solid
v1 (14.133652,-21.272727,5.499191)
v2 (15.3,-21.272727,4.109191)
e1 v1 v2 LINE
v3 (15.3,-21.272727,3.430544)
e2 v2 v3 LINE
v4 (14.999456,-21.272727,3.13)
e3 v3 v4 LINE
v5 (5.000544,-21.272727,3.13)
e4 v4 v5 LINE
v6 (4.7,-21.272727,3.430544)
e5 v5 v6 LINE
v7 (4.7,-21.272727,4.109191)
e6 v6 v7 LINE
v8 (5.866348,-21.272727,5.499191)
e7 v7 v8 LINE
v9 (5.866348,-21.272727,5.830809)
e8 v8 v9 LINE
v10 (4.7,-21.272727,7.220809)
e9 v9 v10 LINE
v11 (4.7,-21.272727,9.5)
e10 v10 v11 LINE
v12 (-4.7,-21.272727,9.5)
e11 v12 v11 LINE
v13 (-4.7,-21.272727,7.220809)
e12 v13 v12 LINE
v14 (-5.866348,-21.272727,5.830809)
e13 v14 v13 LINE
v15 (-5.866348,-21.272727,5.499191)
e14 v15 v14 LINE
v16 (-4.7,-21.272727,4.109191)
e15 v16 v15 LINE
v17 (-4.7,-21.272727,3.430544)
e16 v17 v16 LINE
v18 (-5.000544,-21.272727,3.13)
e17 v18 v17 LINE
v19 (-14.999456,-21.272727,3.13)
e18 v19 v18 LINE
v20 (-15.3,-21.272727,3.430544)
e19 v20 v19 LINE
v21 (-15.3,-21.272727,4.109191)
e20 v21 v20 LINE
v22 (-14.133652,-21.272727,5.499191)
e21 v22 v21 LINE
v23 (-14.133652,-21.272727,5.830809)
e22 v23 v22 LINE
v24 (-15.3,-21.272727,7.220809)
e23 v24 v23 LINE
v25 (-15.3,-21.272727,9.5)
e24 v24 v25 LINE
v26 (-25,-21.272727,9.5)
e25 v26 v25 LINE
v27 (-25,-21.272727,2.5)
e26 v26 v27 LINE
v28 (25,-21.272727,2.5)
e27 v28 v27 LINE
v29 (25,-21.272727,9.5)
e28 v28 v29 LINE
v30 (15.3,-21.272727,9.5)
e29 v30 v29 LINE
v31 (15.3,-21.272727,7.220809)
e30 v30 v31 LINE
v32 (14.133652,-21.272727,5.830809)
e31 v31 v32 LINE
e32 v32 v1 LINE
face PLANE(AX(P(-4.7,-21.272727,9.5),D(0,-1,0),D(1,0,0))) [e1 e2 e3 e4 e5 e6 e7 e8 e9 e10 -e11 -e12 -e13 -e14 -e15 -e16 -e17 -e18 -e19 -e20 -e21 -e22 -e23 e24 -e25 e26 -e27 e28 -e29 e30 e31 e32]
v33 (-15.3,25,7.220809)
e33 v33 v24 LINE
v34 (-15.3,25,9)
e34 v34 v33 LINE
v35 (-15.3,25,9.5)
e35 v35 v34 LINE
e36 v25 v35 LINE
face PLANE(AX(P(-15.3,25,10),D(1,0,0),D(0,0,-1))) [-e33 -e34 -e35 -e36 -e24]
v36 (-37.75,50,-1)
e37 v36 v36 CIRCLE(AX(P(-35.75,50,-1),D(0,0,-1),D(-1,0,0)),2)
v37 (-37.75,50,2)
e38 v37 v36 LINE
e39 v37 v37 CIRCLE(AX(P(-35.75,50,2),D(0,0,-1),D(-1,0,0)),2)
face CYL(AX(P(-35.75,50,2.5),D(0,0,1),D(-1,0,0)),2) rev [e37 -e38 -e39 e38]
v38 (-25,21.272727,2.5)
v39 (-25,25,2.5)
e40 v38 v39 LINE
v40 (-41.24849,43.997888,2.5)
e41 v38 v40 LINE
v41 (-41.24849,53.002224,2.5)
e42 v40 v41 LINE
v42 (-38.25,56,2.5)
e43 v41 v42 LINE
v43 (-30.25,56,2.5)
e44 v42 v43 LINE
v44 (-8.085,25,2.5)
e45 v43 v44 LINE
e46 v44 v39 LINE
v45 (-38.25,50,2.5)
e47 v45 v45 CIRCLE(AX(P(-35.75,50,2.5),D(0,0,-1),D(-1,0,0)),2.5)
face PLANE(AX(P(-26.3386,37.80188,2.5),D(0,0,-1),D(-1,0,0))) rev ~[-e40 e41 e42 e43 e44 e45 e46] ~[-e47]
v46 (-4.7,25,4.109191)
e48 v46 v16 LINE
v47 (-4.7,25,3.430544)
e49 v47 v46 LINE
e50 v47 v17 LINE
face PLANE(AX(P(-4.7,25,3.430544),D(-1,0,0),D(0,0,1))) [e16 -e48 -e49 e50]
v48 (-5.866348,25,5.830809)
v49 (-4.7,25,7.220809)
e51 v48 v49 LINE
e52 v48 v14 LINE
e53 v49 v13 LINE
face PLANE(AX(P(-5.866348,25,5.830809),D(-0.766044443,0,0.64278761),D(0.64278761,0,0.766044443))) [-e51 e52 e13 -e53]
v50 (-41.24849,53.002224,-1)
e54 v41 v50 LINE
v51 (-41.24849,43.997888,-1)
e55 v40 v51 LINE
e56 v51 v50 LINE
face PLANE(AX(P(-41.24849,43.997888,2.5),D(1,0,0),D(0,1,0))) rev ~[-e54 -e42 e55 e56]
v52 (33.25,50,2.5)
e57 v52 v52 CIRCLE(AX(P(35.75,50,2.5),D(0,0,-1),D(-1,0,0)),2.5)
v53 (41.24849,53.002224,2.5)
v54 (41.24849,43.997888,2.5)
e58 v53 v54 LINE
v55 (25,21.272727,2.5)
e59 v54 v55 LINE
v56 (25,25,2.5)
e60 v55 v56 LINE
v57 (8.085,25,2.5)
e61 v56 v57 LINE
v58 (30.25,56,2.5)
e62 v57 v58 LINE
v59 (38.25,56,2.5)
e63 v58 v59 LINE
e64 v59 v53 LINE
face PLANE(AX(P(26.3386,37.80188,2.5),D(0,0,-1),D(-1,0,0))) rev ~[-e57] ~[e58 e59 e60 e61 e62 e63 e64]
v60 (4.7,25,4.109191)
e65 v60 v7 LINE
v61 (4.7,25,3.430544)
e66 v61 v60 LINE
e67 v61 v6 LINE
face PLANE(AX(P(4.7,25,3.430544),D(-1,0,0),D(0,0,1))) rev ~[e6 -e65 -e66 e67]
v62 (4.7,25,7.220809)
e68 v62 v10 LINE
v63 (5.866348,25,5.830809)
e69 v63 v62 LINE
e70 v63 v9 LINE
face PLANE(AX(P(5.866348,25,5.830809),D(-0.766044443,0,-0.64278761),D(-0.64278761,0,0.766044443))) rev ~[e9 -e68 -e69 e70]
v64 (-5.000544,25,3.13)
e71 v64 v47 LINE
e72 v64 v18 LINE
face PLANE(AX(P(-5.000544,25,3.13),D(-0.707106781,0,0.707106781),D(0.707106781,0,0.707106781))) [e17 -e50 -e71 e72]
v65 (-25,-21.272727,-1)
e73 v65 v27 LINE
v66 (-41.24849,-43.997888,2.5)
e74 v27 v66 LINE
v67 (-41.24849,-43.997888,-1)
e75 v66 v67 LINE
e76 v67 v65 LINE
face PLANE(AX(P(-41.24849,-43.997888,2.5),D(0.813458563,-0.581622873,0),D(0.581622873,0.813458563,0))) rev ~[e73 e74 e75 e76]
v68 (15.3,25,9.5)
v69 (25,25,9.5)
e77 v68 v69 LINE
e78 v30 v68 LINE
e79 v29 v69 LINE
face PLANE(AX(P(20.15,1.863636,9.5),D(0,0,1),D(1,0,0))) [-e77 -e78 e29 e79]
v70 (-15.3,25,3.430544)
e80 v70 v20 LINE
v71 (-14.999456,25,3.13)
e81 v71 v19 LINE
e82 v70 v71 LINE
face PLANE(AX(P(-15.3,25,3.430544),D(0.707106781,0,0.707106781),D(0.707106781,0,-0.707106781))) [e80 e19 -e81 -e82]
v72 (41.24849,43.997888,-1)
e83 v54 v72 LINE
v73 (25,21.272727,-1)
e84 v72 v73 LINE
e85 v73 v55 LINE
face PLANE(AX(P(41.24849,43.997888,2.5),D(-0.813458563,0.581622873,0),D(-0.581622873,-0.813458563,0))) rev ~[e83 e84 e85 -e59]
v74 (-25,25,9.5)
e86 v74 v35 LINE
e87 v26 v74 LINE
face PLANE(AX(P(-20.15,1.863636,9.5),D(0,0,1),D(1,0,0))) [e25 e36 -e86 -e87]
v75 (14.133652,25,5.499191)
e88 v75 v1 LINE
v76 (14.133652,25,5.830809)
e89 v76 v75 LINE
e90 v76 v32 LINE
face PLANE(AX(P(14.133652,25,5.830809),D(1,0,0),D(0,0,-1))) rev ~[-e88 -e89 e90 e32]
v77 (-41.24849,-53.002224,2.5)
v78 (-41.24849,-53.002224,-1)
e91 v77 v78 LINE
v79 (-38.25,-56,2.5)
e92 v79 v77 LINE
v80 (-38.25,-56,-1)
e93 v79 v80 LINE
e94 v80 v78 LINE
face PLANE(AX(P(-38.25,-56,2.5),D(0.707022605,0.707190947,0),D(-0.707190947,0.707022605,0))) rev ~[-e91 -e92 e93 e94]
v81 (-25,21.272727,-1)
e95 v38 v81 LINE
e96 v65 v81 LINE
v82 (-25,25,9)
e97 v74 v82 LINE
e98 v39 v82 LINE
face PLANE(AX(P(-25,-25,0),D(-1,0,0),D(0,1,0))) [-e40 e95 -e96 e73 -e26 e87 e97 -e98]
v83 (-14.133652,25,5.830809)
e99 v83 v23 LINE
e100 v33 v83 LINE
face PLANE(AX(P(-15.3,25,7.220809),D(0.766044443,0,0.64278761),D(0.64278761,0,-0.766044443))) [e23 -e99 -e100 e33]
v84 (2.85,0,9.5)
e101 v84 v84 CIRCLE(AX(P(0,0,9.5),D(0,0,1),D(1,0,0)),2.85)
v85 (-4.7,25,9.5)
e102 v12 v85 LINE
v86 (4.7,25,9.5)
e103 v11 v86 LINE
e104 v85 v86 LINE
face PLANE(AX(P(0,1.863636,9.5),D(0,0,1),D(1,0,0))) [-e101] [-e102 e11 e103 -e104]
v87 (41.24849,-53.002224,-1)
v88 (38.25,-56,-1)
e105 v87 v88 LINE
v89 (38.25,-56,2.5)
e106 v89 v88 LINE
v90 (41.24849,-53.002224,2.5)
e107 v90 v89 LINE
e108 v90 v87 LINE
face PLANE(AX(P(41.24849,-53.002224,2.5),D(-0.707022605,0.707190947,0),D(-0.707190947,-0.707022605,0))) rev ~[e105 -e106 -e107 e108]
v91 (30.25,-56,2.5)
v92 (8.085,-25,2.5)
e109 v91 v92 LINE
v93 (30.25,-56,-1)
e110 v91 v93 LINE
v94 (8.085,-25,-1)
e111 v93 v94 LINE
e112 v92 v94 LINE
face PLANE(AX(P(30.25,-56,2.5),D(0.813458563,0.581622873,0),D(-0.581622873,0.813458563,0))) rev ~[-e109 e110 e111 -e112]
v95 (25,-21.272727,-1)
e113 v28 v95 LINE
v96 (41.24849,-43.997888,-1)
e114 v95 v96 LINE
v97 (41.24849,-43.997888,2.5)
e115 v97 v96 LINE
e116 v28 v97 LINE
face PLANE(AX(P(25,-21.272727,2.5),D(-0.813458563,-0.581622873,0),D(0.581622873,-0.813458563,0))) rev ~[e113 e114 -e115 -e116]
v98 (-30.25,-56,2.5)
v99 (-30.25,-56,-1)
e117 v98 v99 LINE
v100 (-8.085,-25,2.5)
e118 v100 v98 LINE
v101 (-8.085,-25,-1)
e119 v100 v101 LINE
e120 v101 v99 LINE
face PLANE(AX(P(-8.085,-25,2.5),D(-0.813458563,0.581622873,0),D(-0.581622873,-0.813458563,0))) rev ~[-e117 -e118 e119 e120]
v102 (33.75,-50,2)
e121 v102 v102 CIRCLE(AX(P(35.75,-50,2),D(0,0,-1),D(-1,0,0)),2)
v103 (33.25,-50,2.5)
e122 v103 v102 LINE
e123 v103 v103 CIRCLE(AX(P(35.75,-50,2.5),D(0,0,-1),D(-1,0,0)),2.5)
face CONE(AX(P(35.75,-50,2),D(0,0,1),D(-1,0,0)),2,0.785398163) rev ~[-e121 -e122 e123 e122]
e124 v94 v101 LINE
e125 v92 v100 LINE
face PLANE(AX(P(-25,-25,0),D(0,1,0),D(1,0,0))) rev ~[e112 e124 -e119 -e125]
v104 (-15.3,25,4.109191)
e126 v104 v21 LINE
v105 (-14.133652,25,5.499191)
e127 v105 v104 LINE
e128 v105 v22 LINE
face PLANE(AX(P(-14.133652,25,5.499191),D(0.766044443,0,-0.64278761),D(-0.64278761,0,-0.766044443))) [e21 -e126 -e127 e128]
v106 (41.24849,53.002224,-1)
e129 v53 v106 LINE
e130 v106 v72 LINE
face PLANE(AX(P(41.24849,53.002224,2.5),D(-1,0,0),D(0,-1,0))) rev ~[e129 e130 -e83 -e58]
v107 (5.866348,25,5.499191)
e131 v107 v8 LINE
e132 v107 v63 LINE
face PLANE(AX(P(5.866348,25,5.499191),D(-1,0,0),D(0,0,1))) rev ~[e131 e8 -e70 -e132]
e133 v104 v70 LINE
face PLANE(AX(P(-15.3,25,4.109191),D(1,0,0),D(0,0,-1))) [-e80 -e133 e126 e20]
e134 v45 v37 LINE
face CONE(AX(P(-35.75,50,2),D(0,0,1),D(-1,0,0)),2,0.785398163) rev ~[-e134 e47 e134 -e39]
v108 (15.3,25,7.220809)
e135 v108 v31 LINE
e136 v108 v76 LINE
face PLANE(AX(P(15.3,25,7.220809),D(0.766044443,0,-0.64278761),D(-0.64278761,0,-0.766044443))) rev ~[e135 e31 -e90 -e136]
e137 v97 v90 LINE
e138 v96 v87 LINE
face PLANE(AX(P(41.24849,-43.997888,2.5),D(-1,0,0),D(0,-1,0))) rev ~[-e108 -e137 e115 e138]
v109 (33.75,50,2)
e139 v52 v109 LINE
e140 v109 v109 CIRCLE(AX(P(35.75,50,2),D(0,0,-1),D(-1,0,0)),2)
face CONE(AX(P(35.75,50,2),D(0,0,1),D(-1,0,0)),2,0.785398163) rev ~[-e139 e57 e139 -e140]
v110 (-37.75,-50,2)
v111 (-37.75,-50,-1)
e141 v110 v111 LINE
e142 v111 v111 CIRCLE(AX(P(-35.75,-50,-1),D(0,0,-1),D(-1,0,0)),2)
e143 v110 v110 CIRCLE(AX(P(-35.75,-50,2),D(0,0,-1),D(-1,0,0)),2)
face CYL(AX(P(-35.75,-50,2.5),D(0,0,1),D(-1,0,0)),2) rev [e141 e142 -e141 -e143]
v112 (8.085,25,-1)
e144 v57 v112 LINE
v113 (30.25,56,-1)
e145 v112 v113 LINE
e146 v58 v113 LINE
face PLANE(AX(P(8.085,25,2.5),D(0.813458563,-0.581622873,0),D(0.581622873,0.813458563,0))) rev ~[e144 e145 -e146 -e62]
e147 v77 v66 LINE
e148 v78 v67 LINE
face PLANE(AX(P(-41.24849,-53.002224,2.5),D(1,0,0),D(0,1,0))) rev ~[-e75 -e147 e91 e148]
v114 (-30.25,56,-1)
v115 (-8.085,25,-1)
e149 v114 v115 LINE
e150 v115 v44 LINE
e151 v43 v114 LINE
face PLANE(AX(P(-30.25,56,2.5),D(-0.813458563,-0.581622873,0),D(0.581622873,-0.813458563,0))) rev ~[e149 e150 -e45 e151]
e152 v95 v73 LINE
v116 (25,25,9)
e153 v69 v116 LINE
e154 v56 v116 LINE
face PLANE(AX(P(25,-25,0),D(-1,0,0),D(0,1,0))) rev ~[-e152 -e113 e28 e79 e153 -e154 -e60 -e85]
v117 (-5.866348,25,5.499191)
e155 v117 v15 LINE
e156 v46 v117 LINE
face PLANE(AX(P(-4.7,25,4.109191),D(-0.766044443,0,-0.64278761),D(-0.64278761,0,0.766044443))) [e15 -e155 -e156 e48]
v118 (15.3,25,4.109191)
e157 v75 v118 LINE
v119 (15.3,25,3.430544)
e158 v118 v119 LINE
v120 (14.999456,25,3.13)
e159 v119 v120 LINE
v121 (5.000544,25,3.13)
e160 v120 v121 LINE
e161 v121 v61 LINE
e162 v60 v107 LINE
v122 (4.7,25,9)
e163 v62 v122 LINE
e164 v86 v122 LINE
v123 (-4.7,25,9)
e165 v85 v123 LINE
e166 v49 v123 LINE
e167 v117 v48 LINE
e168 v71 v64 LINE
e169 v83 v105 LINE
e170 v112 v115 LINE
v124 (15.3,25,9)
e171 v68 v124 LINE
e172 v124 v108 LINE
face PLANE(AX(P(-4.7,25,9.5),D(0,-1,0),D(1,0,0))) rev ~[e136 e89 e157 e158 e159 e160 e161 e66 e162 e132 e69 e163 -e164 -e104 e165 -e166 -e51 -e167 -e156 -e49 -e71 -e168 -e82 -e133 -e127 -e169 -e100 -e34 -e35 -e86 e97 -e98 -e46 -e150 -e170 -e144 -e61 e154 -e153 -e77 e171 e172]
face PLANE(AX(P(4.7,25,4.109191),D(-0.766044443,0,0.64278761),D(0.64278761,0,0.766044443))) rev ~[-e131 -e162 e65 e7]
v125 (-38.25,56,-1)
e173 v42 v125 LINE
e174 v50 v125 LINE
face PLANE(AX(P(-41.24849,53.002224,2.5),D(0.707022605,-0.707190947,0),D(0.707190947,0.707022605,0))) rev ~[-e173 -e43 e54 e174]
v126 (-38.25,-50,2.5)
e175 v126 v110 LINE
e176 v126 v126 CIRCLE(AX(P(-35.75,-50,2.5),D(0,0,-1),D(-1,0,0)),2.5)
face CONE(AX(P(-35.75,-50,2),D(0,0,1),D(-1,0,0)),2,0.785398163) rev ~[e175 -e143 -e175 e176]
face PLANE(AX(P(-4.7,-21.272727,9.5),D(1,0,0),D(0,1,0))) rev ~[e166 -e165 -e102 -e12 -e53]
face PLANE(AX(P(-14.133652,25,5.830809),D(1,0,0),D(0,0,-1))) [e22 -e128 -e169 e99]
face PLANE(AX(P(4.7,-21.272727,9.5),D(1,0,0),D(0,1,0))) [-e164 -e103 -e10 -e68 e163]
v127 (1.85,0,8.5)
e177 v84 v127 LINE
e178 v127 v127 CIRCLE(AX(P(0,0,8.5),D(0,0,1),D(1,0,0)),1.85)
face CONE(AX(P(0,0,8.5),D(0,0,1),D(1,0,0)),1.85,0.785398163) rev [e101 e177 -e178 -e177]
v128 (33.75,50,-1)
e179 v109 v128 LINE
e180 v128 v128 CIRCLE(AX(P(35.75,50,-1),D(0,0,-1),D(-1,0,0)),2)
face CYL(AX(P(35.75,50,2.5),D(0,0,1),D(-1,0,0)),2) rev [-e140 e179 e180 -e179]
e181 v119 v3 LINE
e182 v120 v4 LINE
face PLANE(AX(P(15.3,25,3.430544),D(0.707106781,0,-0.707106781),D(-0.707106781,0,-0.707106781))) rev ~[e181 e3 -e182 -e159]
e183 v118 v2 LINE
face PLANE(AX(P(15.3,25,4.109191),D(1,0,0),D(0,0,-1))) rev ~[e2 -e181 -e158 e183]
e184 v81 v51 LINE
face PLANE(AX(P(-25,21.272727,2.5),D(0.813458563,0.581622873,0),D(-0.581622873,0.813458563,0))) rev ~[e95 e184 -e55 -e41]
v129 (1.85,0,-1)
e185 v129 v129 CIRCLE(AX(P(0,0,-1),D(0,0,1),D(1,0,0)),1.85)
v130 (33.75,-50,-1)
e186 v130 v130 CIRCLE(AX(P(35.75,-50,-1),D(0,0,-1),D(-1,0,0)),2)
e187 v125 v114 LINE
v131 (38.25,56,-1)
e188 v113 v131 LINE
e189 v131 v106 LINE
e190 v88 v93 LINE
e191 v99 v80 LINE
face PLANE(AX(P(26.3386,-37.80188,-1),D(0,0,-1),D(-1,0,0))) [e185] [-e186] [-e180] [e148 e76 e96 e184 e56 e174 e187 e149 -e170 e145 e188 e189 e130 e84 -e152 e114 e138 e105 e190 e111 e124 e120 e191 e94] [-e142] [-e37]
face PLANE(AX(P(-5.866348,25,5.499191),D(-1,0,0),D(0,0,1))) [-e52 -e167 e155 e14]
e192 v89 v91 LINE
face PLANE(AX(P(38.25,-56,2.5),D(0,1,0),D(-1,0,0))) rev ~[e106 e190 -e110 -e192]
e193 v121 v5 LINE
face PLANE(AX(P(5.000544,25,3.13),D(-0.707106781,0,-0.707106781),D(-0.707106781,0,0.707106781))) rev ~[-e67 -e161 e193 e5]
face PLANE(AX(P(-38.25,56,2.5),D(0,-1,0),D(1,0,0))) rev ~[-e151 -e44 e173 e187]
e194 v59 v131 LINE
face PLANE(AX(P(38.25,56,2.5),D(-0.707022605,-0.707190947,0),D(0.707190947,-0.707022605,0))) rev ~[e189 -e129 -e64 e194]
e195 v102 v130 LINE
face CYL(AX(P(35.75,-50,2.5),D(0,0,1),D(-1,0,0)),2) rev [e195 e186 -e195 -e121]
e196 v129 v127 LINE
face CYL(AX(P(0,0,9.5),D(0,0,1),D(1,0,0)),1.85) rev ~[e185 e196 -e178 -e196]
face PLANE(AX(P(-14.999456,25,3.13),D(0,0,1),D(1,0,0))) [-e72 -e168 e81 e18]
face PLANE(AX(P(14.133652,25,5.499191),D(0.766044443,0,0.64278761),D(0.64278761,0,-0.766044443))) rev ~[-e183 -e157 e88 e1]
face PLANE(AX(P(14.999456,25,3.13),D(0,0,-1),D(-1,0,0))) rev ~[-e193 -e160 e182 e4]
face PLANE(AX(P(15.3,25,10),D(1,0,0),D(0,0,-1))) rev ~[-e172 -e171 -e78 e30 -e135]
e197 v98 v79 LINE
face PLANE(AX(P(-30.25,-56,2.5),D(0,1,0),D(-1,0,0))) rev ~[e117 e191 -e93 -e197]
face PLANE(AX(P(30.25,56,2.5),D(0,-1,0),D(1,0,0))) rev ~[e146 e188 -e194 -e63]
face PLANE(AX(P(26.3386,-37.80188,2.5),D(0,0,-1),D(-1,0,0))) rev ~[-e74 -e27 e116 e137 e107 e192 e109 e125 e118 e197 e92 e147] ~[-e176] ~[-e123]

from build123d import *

# Parameters (mm, degrees)
SKICA1_W                     = 50
SKICA1_H                     = 50
P_IDAT_VYSUNUT_M1_DEPTH      = 10
ODEBRAT_VYSUNUT_M2_DEPTH     = 57.789083458
P_IDAT_VYSUNUT_M4_DEPTH      = 1
P_IDAT_VYSUNUT_M4_DEPTH_BACK = 2.5
SKICA4_R                     = 2
SKICA4_W                     = 50
SKICA4_H                     = 50
SKICA6_R                     = 1.85
ODEBRAT_VYSUNUT_M3_DEPTH     = 71.416176377
SKICA7_W                     = 50
SKICA7_H                     = 1
ODEBRAT_VYSUNUT_M4_DEPTH     = 92.446366224
SKICA9_W                     = 6.5
SKICA9_H                     = 3.727272727
ODEBRAT_VYSUNUT_M6_DEPTH     = 88.211595424
ZKOSEN_2_SIZE                = 0.5
P_IDAT_START                 = 0.5
SKICA10_W                    = 9.4
SKICA10_H                    = 46.272727273
SKICA10_R                    = 1.85
SKICA10_W_2                  = 9.7
P_IDAT_VYSUNUT_M5_DEPTH      = 0.5
ZKOSEN_3_SIZE                = 1


with BuildPart() as part:
    # Skica1 → Přidat vysunutím1 (new body)
    with BuildSketch(Plane.XY):
        Rectangle(SKICA1_W, SKICA1_H)
    extrude(amount=P_IDAT_VYSUNUT_M1_DEPTH)

    # Skica3 → Odebrat vysunutím2 (cut, through all)
    with BuildSketch(Plane(origin=(0, 25, 0), x_dir=(1, 0, 0), z_dir=(0, 1, 0))):
        Polygon((-15.3, -10), (-15.3, -7.22080893), (-14.133651513, -5.83080893), (-14.133651513, -5.49919107), (-15.3, -4.10919107), (-15.3, -3.430543964), (-14.999456036, -3.13), (-5.000543964, -3.13), (-4.7, -3.430543964), (-4.7, -4.10919107), (-5.866348487, -5.49919107), (-5.866348487, -5.83080893), (-4.7, -7.22080893), (-4.7, -10), align=None)
        Polygon((15.3, -3.430543964), (14.999456036, -3.13), (5.000543964, -3.13), (4.7, -3.430543964), (4.7, -4.10919107), (5.866348487, -5.49919107), (5.866348487, -5.83080893), (4.7, -7.22080893), (4.7, -10), (15.3, -10), (15.3, -7.22080893), (14.133651513, -5.83080893), (14.133651513, -5.49919107), (15.3, -4.10919107), align=None)
    extrude(amount=-ODEBRAT_VYSUNUT_M2_DEPTH, mode=Mode.SUBTRACT)

    # Skica4 → Přidat vysunutím4 (add, two sides: drawn at the far end of the back side and taken through both)
    # profile 1 of 5: a face of its own
    with BuildSketch(Plane(origin=(0, 0, 0), x_dir=(-1, 0, 0), z_dir=(0, 0, -1)).offset(-P_IDAT_VYSUNUT_M4_DEPTH_BACK)):
        Polygon((-30.25, -56), (-8.085, -25), (-25, -25), (-25, -21.272727273), (-41.248489616, -43.997887574), (-41.248489616, -46.002224154), (-41.248489616, -53.002224154), (-38.25, -56), align=None)
        with Locations((-35.75, -50)):
            Circle(SKICA4_R, mode=Mode.SUBTRACT)
    # profile 2 of 5: a face of its own
    with BuildSketch(Plane(origin=(0, 0, 0), x_dir=(-1, 0, 0), z_dir=(0, 0, -1)).offset(-P_IDAT_VYSUNUT_M4_DEPTH_BACK)):
        Rectangle(SKICA4_W, SKICA4_H)
    # profile 3 of 5: a face of its own
    with BuildSketch(Plane(origin=(0, 0, 0), x_dir=(-1, 0, 0), z_dir=(0, 0, -1)).offset(-P_IDAT_VYSUNUT_M4_DEPTH_BACK)):
        Polygon((-25, 25), (-8.085, 25), (-30.25, 56), (-38.25, 56), (-41.248489616, 53.002224154), (-41.248489616, 46.002224154), (-41.248489616, 43.997887574), (-25, 21.272727273), align=None)
        with Locations((-35.75, 50)):
            Circle(SKICA4_R, mode=Mode.SUBTRACT)
    # profile 4 of 5: a face of its own
    with BuildSketch(Plane(origin=(0, 0, 0), x_dir=(-1, 0, 0), z_dir=(0, 0, -1)).offset(-P_IDAT_VYSUNUT_M4_DEPTH_BACK)):
        Polygon((41.248489616, 46.002224154), (41.248489616, 53.002224154), (38.25, 56), (30.25, 56), (8.085, 25), (25, 25), (25, 21.272727273), (41.248489616, 43.997887574), align=None)
        with Locations((35.75, 50)):
            Circle(SKICA4_R, mode=Mode.SUBTRACT)
    # profile 5 of 5: a face of its own
    with BuildSketch(Plane(origin=(0, 0, 0), x_dir=(-1, 0, 0), z_dir=(0, 0, -1)).offset(-P_IDAT_VYSUNUT_M4_DEPTH_BACK)):
        Polygon((41.248489616, -43.997887574), (25, -21.272727273), (25, -25), (8.085, -25), (30.25, -56), (38.25, -56), (41.248489616, -53.002224154), (41.248489616, -46.002224154), align=None)
        with Locations((35.75, -50)):
            Circle(SKICA4_R, mode=Mode.SUBTRACT)
    extrude(amount=P_IDAT_VYSUNUT_M4_DEPTH + P_IDAT_VYSUNUT_M4_DEPTH_BACK)

    # Skica6 → Odebrat vysunutím3 (cut, through all)
    with BuildSketch(Plane.XY.offset(10)):
        Circle(SKICA6_R)
    extrude(amount=-ODEBRAT_VYSUNUT_M3_DEPTH, mode=Mode.SUBTRACT)

    # Skica7 → Odebrat vysunutím4 (cut, through all)
    with BuildSketch(Plane(origin=(0, 25, 0), x_dir=(1, 0, 0), z_dir=(0, 1, 0))):
        with Locations((0, -9.5)):
            Rectangle(SKICA7_W, SKICA7_H)
    extrude(amount=-ODEBRAT_VYSUNUT_M4_DEPTH, mode=Mode.SUBTRACT)

    # Skica9 → Odebrat vysunutím6 (cut, through all)
    with BuildSketch(Plane(origin=(25, 0, 0), x_dir=(0, 0, -1), z_dir=(1, 0, 0))):
        with Locations((-5.75, -23.136363637)):
            Rectangle(SKICA9_W, SKICA9_H)
    extrude(amount=-ODEBRAT_VYSUNUT_M6_DEPTH, mode=Mode.SUBTRACT)

    # Zkosení2
    zkosen_2_edges = [part.edges().sort_by_distance(p)[0] for p in [
        (-33.75, 50, 2.5),
        (37.75, -50, 2.5),
        (-33.75, -50, 2.5),
        (37.75, 50, 2.5),
    ]]
    chamfer(zkosen_2_edges, length=ZKOSEN_2_SIZE)

    # Skica10 → Přidat vysunutím5 (add)
    # profile 1 of 3: a face of its own
    with BuildSketch(Plane.XY.offset(9).offset(P_IDAT_START)):
        with Locations((0, 1.863636363)):
            Rectangle(SKICA10_W, SKICA10_H)
        Circle(SKICA10_R, mode=Mode.SUBTRACT)
    # profile 2 of 3: a face of its own
    with BuildSketch(Plane.XY.offset(9).offset(P_IDAT_START)):
        with Locations((-20.15, 1.863636363)):
            Rectangle(SKICA10_W_2, SKICA10_H)
    # profile 3 of 3: a face of its own
    with BuildSketch(Plane.XY.offset(9).offset(P_IDAT_START)):
        with Locations((20.15, 1.863636363)):
            Rectangle(SKICA10_W_2, SKICA10_H)
    extrude(amount=-P_IDAT_VYSUNUT_M5_DEPTH)

    # Zkosení3
    zkosen_3_edges = [part.edges().sort_by_distance(p)[0] for p in [
        (-1.85, 0, 9.5),
    ]]
    chamfer(zkosen_3_edges, length=ZKOSEN_3_SIZE)


solid = part.part
